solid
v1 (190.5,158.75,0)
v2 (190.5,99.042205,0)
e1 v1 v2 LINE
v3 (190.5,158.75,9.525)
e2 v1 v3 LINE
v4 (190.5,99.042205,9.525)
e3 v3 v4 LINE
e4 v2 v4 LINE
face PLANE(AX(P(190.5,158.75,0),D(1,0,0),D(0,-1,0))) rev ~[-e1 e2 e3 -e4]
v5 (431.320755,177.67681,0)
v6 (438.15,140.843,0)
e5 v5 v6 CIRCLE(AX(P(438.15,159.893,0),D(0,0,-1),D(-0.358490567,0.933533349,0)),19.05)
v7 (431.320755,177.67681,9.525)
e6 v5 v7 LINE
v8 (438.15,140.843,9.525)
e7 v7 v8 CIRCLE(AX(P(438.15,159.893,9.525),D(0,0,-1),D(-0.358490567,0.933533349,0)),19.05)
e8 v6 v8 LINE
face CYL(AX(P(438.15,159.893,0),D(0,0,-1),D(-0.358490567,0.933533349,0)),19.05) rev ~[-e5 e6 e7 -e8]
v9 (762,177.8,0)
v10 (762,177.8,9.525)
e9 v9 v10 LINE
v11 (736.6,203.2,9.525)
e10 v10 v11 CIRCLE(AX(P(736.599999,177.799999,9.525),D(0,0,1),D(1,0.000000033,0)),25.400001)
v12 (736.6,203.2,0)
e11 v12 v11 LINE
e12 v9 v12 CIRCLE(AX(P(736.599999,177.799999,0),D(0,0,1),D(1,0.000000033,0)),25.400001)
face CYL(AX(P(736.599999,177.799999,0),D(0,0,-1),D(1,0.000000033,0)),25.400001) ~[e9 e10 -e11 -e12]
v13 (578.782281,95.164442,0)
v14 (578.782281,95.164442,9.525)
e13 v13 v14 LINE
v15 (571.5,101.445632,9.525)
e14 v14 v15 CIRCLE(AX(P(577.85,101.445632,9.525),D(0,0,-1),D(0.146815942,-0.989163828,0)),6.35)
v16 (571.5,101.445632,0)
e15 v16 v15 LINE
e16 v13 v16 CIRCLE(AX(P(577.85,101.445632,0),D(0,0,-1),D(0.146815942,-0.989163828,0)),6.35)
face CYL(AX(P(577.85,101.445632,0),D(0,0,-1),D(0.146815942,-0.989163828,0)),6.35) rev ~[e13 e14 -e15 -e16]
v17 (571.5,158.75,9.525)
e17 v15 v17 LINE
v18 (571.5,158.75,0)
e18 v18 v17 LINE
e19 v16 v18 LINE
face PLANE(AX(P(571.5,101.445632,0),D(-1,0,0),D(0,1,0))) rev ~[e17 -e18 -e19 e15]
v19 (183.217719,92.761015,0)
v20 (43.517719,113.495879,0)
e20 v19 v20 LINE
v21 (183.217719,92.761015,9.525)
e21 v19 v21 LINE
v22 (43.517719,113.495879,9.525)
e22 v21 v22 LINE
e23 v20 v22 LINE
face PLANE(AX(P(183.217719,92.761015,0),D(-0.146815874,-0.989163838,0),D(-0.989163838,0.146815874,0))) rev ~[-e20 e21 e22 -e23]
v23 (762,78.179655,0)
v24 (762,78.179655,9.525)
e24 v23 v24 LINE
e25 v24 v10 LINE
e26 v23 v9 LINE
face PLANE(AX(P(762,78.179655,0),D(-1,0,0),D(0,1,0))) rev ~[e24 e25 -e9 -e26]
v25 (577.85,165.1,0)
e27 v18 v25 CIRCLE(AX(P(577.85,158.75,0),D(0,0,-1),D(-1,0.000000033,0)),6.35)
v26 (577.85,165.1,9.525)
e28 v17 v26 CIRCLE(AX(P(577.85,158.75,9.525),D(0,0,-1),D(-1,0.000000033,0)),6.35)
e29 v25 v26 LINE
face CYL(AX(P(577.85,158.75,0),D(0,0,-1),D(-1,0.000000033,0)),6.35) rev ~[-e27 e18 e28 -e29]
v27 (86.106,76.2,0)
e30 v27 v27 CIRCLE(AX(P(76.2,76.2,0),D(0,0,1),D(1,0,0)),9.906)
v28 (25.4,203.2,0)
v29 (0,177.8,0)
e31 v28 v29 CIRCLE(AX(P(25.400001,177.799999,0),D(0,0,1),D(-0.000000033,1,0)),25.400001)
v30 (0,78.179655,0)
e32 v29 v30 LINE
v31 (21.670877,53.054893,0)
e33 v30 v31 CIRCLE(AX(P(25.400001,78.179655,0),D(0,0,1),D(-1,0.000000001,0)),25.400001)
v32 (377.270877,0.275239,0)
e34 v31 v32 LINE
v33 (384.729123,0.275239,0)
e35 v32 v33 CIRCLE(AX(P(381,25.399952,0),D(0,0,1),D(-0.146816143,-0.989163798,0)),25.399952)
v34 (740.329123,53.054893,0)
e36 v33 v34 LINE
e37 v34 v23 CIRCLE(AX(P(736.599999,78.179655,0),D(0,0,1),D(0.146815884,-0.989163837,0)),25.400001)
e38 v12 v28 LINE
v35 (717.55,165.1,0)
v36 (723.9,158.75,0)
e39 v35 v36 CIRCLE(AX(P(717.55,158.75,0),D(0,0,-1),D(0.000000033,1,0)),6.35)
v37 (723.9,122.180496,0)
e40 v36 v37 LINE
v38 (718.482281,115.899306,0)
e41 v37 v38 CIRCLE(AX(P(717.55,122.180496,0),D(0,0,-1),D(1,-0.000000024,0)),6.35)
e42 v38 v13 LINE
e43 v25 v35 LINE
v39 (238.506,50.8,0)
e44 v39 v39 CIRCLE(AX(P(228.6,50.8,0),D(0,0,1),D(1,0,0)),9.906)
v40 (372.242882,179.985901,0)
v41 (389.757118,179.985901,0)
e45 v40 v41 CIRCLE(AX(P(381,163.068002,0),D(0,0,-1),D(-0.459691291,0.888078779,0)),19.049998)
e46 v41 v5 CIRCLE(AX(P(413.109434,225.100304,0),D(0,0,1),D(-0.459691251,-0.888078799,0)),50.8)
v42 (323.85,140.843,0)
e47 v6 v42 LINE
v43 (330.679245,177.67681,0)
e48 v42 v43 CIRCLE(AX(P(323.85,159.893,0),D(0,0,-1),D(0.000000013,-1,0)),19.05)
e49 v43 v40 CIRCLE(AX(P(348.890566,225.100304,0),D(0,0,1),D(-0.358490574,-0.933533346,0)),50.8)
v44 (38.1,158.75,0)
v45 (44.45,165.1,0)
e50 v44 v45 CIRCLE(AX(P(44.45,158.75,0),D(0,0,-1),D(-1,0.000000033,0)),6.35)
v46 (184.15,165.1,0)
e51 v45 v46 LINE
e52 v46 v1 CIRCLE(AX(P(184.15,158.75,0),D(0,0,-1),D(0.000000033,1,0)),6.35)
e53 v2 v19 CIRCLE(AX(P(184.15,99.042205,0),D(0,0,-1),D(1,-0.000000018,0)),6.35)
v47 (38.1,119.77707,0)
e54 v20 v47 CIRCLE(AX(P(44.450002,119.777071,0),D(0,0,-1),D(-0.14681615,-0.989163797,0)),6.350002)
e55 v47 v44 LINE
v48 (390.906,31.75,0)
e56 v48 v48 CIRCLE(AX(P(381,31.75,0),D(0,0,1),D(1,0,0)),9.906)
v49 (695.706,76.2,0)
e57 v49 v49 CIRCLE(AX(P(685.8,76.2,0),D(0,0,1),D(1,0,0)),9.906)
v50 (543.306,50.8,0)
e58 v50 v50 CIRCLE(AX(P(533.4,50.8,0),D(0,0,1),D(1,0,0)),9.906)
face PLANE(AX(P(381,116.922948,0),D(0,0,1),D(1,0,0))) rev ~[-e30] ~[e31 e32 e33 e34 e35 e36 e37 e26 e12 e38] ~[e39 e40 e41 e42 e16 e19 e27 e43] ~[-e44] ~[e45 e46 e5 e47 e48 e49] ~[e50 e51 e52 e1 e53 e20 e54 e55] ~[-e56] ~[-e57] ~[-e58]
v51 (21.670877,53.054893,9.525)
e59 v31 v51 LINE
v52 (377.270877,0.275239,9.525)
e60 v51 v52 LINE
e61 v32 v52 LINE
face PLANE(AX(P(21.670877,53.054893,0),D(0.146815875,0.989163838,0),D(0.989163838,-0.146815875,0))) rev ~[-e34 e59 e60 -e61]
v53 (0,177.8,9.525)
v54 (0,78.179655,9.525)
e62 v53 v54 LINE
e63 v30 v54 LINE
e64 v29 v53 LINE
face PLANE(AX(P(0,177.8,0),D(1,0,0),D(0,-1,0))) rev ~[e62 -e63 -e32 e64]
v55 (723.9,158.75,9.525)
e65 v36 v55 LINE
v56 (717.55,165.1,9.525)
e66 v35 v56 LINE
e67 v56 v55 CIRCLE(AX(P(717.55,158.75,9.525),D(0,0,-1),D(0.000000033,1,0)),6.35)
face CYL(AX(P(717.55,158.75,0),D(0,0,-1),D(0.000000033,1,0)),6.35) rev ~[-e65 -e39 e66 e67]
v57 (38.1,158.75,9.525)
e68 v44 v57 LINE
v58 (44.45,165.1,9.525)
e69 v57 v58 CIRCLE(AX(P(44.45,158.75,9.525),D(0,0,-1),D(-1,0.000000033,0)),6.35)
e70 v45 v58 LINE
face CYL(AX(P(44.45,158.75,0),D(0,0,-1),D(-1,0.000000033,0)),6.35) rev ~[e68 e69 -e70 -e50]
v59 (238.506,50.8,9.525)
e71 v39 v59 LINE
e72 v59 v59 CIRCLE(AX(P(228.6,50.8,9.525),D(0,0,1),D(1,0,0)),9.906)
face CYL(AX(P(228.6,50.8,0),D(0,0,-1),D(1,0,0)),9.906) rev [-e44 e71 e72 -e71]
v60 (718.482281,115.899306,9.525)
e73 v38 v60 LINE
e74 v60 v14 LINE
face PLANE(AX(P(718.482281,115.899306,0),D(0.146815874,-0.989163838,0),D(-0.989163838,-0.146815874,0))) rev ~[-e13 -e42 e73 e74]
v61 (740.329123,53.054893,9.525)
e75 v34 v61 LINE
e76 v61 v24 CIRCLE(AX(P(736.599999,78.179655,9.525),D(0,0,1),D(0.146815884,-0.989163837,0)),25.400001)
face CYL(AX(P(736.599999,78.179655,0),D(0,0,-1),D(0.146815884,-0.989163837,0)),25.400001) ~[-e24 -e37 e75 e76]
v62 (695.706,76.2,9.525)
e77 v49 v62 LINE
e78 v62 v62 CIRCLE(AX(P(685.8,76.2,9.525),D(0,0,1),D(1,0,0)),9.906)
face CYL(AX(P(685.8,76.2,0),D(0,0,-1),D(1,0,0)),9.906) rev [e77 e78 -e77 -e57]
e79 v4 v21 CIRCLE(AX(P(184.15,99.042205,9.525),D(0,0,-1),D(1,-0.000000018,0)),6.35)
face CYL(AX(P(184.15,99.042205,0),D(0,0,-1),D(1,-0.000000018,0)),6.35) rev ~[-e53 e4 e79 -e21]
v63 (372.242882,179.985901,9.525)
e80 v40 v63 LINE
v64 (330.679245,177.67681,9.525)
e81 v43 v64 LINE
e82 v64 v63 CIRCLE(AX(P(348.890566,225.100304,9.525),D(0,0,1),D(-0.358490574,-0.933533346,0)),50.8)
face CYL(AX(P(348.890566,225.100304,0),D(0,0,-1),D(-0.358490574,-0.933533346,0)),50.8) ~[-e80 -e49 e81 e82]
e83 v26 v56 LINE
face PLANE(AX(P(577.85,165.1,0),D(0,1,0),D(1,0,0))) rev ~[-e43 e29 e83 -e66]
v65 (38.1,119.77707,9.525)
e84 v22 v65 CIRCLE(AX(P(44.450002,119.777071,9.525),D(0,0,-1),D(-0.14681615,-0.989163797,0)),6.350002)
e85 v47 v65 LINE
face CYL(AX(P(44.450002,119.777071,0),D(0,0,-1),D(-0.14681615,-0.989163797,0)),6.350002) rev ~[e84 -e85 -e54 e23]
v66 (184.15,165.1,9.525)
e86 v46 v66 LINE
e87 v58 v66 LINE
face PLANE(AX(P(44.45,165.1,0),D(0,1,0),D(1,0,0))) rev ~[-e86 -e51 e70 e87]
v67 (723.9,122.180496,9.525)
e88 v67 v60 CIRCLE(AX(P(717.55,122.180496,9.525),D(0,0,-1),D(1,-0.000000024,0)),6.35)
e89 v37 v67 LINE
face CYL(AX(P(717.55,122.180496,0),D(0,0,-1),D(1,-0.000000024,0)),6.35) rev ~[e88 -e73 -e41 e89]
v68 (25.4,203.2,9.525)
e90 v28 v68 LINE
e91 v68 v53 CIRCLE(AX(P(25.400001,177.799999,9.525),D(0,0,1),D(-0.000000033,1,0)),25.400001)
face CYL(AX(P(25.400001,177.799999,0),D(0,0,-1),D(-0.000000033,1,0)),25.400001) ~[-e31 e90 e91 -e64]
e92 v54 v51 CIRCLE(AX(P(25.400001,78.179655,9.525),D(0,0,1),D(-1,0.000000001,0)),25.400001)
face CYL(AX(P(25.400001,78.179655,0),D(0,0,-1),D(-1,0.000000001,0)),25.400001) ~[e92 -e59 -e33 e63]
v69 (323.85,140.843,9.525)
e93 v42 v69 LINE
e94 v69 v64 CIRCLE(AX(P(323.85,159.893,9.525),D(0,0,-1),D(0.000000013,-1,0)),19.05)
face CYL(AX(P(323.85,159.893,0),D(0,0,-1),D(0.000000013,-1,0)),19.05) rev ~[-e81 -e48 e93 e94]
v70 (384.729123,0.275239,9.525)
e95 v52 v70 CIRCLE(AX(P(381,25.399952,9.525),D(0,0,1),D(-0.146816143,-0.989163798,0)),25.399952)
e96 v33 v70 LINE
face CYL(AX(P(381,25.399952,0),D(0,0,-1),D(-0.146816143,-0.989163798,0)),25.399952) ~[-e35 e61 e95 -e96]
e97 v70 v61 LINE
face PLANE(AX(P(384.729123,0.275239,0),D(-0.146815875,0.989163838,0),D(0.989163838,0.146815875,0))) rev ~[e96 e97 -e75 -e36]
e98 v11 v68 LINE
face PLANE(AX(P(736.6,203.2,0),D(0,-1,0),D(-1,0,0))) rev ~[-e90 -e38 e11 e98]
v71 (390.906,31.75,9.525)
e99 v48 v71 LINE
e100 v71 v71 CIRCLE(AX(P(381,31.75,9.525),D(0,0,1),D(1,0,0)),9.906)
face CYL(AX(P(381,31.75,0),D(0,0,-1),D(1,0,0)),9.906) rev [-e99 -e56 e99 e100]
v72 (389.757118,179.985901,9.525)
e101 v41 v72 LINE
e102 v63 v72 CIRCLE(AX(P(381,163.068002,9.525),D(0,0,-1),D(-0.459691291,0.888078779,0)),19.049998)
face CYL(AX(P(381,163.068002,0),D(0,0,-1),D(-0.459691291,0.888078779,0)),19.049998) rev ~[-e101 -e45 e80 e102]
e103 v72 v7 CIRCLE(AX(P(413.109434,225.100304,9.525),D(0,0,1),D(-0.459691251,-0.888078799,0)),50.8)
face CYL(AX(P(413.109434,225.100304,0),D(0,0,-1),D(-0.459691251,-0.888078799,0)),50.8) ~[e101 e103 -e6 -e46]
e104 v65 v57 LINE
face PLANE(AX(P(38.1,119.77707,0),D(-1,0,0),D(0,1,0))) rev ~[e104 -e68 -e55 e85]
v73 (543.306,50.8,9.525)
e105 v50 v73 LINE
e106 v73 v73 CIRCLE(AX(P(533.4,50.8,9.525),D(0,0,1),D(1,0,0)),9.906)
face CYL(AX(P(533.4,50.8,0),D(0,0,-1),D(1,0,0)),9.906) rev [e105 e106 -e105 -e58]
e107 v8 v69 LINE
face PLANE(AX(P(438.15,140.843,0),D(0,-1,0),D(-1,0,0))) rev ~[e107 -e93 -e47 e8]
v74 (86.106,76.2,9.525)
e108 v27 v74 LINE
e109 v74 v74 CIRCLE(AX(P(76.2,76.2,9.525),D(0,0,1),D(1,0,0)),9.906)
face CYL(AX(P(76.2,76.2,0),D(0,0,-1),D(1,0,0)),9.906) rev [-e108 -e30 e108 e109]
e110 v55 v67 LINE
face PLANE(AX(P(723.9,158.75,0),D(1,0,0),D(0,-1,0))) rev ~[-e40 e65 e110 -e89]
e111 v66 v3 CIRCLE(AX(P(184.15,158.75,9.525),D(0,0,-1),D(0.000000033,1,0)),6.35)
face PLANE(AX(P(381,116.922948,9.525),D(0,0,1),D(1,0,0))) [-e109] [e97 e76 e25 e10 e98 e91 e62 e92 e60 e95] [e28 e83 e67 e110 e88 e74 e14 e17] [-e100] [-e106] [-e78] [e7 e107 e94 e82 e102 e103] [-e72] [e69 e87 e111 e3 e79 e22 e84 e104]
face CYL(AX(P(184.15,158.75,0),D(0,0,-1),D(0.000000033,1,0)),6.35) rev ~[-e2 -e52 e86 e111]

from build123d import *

# Parameters (mm, degrees)
F0_R     = 9.906
F1_DEPTH = 9.525


with BuildPart() as f1:
    # F0 (on Top) → F1 (new body)
    with BuildSketch(Plane.XY):
        with BuildLine():
            Line((736.6, 203.2), (25.4, 203.2))
            ThreePointArc((25.4, 203.2), (7.439488, 195.760512), (0, 177.8))
            Line((0, 177.8), (0, 78.179655))
            ThreePointArc((0, 78.179655), (6.166179, 61.589895), (21.670877, 53.054893))
            Line((21.670877, 53.054893), (377.270877, 0.275239))
            ThreePointArc((377.270877, 0.275239), (381, 0), (384.729123, 0.275239))
            Line((384.729123, 0.275239), (740.329123, 53.054893))
            ThreePointArc((740.329123, 53.054893), (755.833821, 61.589895), (762, 78.179655))
            Line((762, 78.179655), (762, 177.8))
            ThreePointArc((762, 177.8), (754.560512, 195.760512), (736.6, 203.2))
        make_face()
        with Locations((228.6, 50.8)):
            Circle(F0_R, mode=Mode.SUBTRACT)
        with Locations((76.2, 76.2)):
            Circle(F0_R, mode=Mode.SUBTRACT)
        with Locations((381, 31.75)):
            Circle(F0_R, mode=Mode.SUBTRACT)
        with Locations((533.4, 50.8)):
            Circle(F0_R, mode=Mode.SUBTRACT)
        with Locations((685.8, 76.2)):
            Circle(F0_R, mode=Mode.SUBTRACT)
        with BuildLine():
            ThreePointArc((38.1, 158.75), (39.959872, 163.240128), (44.45, 165.1))
            Line((44.45, 165.1), (184.15, 165.1))
            ThreePointArc((184.15, 165.1), (188.640128, 163.240128), (190.5, 158.75))
            Line((190.5, 158.75), (190.5, 99.042205))
            ThreePointArc((190.5, 99.042205), (188.29744, 94.23375), (183.217719, 92.761015))
            Line((183.217719, 92.761015), (43.517719, 113.495879))
            ThreePointArc((43.517719, 113.495879), (39.641545, 115.62963), (38.1, 119.77707))
            Line((38.1, 119.77707), (38.1, 158.75))
        make_face(mode=Mode.SUBTRACT)
        with BuildLine():
            ThreePointArc((571.5, 158.75), (573.359872, 163.240128), (577.85, 165.1))
            Line((577.85, 165.1), (717.55, 165.1))
            ThreePointArc((717.55, 165.1), (722.040128, 163.240128), (723.9, 158.75))
            Line((723.9, 158.75), (723.9, 122.180496))
            ThreePointArc((723.9, 122.180496), (722.358455, 118.033056), (718.482281, 115.899306))
            Line((718.482281, 115.899306), (578.782281, 95.164442))
            ThreePointArc((578.782281, 95.164442), (573.70256, 96.637177), (571.5, 101.445632))
            Line((571.5, 101.445632), (571.5, 158.75))
        make_face(mode=Mode.SUBTRACT)
        with BuildLine():
            Line((438.15, 140.843), (323.85, 140.843))
            ThreePointArc((323.85, 140.843), (305.119222, 163.365817), (330.679245, 177.67681))
            ThreePointArc((330.679245, 177.67681), (351.708443, 174.378518), (372.242882, 179.985901))
            ThreePointArc((372.242882, 179.985901), (381, 182.118), (389.757118, 179.985901))
            ThreePointArc((389.757118, 179.985901), (410.291557, 174.378518), (431.320755, 177.67681))
            ThreePointArc((431.320755, 177.67681), (456.880778, 163.365817), (438.15, 140.843))
        make_face(mode=Mode.SUBTRACT)
    extrude(amount=F1_DEPTH)


solid = f1.part
